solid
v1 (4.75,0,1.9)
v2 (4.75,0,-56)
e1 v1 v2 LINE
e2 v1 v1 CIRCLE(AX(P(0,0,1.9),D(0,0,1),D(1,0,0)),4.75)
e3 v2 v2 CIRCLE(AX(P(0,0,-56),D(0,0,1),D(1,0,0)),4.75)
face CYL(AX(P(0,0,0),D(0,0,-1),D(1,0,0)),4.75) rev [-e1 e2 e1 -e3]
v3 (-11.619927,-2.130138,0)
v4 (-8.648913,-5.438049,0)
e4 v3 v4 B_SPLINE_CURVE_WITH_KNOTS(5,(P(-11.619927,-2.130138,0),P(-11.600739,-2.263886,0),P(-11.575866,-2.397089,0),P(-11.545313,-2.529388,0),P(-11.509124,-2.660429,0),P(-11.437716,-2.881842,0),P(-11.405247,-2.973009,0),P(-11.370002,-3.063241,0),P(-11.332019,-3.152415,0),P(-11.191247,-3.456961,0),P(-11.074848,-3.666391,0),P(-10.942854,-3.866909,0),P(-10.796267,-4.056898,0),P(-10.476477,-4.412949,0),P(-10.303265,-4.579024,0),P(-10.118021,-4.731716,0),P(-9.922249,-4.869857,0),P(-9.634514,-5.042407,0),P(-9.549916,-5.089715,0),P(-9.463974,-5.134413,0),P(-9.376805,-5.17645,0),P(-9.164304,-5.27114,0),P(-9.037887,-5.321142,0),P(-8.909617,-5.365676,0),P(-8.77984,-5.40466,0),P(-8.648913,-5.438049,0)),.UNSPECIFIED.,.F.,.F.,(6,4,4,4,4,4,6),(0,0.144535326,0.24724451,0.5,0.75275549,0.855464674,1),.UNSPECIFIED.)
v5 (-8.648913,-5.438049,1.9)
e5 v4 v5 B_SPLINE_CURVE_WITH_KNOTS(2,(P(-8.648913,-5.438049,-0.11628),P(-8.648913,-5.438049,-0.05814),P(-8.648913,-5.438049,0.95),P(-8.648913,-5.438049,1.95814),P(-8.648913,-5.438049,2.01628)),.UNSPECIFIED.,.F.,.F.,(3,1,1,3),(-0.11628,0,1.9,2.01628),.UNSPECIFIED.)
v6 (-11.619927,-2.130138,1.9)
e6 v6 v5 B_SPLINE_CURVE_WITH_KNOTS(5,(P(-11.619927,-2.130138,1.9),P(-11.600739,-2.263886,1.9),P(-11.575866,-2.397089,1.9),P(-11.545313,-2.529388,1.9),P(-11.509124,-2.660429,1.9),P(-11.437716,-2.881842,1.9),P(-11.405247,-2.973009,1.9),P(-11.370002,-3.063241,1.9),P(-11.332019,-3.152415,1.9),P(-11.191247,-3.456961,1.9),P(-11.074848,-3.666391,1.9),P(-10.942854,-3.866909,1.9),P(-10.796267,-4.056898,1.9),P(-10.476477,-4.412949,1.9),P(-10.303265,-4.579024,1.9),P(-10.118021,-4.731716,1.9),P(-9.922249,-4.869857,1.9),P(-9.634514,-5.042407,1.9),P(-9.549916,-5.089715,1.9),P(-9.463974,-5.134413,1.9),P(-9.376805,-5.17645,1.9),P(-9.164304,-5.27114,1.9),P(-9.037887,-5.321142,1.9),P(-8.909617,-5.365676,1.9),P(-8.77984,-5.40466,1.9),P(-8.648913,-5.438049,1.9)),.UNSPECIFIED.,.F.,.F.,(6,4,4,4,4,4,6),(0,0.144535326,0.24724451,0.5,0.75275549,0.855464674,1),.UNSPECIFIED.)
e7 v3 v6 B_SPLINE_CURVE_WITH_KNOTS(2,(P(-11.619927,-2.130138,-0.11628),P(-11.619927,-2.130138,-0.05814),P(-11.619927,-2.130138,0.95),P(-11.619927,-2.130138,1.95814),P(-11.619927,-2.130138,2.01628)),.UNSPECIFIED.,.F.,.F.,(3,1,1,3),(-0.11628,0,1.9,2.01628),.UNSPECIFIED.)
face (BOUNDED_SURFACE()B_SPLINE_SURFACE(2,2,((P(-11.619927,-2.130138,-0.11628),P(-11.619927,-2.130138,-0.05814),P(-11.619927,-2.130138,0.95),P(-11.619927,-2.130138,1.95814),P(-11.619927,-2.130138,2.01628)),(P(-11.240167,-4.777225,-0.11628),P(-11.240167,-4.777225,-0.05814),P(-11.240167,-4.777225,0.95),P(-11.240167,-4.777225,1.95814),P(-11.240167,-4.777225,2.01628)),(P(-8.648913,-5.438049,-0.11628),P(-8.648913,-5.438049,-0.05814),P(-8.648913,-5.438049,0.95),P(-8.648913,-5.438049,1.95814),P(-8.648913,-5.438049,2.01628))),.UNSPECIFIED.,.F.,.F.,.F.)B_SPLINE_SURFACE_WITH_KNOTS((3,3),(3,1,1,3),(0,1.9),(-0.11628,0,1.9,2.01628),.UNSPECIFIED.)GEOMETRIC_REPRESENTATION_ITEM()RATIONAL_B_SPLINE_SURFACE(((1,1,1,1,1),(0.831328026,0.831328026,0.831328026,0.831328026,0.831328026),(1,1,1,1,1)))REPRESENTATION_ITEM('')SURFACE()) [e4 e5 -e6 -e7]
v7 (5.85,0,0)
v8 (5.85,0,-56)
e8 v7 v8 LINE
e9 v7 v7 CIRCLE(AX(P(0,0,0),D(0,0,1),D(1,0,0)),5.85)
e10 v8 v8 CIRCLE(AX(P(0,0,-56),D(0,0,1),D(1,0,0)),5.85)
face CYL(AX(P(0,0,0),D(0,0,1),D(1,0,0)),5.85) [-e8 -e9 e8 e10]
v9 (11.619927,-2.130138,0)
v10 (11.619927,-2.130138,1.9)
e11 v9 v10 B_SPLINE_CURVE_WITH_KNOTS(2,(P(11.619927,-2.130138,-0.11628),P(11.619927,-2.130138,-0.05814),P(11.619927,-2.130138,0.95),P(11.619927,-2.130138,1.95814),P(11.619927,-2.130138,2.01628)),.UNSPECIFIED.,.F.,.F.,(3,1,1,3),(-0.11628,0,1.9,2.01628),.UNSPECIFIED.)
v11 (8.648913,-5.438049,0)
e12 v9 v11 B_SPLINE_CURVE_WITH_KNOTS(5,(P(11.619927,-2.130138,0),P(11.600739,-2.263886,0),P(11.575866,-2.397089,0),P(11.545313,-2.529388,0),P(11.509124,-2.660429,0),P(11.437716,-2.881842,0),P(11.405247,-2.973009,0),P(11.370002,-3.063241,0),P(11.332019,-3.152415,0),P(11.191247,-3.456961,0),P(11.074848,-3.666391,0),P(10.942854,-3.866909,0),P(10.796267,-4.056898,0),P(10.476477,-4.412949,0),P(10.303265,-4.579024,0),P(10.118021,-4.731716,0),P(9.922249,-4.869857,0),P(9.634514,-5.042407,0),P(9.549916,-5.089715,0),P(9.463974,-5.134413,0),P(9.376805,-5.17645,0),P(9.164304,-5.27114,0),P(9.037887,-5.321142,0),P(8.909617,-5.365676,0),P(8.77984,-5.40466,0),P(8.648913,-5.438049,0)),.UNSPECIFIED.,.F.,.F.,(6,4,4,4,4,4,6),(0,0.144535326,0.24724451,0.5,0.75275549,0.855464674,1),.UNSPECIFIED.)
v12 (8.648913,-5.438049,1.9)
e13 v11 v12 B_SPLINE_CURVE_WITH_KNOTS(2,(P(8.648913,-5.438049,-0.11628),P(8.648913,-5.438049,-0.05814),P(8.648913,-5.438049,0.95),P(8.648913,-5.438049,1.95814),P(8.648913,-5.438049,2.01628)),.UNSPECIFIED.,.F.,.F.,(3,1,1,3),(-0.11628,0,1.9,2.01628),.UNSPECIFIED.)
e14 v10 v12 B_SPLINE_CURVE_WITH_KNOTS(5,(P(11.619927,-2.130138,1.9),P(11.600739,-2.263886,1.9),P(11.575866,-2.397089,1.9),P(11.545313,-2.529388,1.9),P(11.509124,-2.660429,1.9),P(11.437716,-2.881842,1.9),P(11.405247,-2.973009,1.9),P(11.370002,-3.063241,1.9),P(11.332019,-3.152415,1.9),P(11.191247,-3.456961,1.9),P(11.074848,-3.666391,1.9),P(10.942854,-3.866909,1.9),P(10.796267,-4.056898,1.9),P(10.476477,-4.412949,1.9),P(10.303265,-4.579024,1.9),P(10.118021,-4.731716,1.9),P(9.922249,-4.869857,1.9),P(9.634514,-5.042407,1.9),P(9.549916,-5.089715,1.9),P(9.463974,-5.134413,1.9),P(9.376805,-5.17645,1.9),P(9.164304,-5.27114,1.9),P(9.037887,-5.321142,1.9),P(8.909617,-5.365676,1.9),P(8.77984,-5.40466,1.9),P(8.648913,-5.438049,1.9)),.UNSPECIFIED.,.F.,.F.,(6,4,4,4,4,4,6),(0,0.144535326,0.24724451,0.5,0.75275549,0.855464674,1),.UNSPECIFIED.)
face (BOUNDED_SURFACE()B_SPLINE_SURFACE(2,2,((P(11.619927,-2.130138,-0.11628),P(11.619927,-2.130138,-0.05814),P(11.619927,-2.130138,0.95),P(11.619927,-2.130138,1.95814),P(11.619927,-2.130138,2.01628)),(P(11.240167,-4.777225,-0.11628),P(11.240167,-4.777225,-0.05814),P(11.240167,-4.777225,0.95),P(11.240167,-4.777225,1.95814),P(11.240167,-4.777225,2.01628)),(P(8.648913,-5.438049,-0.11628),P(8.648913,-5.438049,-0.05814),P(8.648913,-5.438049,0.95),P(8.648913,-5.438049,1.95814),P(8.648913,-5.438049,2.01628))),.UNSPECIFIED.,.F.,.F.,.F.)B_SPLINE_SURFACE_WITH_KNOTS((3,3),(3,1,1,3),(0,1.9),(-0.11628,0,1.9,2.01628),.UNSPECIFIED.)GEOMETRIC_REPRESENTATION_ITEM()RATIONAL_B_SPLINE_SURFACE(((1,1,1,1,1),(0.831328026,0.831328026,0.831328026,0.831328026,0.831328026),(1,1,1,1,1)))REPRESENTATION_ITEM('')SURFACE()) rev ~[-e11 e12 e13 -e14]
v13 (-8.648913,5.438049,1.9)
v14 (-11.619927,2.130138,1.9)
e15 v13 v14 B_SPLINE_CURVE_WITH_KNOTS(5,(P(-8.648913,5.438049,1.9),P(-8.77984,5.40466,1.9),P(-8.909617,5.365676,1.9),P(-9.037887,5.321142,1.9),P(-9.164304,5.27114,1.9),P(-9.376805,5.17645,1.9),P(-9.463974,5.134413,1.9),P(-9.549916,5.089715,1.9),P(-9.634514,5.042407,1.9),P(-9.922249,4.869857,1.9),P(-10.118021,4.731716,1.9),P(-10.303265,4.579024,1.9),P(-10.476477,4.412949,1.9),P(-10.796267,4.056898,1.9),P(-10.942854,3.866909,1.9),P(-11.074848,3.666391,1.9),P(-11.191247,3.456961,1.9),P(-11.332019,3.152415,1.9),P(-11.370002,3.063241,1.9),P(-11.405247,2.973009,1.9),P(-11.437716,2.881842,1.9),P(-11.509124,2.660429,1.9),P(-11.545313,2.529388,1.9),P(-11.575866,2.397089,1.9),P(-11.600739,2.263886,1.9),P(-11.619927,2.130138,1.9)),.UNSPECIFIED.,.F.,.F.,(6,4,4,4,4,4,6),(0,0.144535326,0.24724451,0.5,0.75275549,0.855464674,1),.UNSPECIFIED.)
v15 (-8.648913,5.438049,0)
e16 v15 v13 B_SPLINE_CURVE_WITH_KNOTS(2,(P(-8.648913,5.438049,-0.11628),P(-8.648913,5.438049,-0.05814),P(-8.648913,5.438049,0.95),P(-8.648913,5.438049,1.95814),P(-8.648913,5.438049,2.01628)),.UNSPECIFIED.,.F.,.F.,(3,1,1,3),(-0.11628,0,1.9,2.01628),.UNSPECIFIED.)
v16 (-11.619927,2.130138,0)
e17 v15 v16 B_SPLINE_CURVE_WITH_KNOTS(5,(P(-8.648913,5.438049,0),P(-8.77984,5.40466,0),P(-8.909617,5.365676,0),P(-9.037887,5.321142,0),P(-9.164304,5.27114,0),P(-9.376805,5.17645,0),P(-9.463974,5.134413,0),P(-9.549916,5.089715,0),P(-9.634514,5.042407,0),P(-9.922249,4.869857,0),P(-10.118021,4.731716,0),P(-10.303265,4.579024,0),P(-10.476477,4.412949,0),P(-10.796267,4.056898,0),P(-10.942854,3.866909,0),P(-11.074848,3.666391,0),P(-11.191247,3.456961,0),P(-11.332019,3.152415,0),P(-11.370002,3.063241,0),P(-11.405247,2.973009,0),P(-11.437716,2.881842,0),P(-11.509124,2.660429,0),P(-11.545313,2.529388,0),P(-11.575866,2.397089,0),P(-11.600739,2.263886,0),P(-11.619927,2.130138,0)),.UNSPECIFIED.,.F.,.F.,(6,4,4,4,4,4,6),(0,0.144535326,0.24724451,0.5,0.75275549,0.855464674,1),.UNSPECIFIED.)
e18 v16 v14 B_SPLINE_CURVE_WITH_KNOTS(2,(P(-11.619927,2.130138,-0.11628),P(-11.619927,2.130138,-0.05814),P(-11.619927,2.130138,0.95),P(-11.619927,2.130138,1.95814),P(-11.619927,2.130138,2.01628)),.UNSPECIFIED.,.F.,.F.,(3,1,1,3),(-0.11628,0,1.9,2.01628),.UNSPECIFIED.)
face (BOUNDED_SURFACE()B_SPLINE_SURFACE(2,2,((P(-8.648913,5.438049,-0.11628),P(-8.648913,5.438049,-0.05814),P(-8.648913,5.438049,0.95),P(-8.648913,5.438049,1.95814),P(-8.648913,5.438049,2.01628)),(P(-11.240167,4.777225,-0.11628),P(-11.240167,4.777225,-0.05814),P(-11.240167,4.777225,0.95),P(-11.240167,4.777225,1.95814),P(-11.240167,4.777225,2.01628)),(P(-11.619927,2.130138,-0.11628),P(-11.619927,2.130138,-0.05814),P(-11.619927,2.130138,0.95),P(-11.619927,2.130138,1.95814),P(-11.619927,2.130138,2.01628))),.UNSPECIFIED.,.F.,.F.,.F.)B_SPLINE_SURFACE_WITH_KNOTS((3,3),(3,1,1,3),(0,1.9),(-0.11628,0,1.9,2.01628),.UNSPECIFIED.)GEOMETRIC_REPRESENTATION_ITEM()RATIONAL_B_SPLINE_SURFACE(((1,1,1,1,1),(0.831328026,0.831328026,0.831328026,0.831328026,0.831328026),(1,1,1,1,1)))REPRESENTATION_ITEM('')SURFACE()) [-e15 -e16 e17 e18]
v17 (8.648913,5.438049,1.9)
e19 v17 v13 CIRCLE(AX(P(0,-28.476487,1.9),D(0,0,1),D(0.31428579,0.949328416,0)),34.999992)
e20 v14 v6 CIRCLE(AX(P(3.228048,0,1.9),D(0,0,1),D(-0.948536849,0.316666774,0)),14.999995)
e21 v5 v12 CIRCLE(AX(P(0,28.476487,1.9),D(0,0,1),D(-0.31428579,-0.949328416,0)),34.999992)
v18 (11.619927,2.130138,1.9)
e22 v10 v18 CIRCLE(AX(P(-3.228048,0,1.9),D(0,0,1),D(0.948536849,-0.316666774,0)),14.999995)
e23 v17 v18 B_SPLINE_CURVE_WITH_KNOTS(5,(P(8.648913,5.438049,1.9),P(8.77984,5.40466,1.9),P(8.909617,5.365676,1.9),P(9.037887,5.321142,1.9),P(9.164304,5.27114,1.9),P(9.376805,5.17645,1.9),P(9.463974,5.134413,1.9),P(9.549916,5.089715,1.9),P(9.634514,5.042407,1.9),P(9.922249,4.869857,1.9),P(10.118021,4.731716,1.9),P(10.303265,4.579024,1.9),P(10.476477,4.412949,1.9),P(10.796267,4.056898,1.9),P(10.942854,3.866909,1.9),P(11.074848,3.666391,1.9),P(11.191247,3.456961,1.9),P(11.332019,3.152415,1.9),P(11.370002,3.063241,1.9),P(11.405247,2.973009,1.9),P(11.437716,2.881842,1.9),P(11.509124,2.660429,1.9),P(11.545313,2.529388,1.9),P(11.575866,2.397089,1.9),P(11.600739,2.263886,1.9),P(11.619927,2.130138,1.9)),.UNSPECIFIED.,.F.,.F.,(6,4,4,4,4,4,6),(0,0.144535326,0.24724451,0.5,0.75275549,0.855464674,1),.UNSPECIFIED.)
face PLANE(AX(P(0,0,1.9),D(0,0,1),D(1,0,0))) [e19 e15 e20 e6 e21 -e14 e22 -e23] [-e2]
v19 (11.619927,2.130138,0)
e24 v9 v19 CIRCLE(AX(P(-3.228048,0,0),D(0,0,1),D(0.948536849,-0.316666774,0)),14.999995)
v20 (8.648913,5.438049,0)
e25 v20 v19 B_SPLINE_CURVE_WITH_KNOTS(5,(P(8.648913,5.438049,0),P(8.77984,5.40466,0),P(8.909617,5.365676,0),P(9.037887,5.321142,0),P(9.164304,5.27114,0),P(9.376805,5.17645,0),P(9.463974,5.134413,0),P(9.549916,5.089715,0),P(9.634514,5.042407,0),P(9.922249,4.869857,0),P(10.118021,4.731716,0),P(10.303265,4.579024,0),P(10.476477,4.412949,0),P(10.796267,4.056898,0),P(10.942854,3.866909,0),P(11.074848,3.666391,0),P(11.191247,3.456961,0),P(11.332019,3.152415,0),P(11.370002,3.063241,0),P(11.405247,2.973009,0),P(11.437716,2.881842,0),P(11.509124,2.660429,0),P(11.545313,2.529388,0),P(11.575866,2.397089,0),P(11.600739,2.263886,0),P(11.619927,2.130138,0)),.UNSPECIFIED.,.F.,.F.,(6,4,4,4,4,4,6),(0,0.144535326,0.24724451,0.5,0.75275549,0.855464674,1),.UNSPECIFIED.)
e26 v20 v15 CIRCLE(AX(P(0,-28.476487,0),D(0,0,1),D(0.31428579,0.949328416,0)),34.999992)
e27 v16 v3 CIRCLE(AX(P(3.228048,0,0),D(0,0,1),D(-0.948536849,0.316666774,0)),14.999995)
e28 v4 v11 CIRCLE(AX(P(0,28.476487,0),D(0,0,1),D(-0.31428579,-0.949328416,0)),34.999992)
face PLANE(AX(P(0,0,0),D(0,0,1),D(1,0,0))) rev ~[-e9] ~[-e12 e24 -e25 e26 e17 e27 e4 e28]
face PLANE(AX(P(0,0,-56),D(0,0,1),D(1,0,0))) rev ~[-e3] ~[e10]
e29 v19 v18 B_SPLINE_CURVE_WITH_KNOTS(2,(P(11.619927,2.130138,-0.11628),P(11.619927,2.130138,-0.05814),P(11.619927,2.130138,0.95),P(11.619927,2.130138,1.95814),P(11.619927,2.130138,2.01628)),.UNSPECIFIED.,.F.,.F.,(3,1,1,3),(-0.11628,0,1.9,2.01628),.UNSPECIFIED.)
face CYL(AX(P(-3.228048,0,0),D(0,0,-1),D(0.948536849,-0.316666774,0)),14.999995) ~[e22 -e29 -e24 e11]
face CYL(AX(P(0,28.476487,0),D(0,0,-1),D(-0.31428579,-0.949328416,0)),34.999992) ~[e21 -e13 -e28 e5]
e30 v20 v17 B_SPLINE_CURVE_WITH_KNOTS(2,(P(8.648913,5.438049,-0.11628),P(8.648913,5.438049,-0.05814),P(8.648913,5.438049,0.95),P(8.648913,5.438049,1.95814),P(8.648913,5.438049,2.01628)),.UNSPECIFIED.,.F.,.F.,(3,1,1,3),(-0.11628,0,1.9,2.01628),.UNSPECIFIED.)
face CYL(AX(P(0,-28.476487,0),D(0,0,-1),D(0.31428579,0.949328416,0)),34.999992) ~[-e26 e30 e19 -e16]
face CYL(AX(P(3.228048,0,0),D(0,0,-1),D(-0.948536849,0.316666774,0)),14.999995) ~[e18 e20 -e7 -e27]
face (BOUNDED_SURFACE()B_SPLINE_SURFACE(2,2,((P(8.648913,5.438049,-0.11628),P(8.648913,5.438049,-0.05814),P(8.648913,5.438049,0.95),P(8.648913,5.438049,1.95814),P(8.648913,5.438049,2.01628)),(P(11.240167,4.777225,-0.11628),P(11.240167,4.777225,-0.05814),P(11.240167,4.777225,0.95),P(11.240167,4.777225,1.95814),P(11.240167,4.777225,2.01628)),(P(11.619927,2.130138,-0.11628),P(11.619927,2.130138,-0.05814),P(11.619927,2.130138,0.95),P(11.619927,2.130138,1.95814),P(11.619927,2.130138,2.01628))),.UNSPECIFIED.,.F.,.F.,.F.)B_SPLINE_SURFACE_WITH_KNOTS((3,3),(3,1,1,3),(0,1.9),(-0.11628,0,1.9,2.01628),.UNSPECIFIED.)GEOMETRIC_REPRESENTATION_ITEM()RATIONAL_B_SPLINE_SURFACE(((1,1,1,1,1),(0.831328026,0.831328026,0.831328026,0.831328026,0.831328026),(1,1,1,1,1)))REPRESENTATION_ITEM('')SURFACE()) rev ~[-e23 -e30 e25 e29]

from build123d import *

# Parameters (mm, degrees)
SKETCH_R      = 4.75
PAD_DEPTH     = 1.9
SKETCH001_R   = 5.85
SKETCH001_R_2 = 4.75
PAD001_DEPTH  = 56
FILLET_R      = 4


with BuildPart() as part:
    # Sketch → Pad (new body)
    with BuildSketch(Plane.XY):
        with BuildLine():
            ThreePointArc((11, 4.75), (0, 6.523505), (-11, 4.75))
            ThreePointArc((-11, 4.75), (-11.771947, 0), (-11, -4.75))
            ThreePointArc((-11, -4.75), (0, -6.523505), (11, -4.75))
            ThreePointArc((11, -4.75), (11.771947, 0), (11, 4.75))
        make_face()
        Circle(SKETCH_R, mode=Mode.SUBTRACT)
    extrude(amount=PAD_DEPTH)

    # Sketch001 → Pad001 (join)
    with BuildSketch(Plane.XY):
        Circle(SKETCH001_R)
        Circle(SKETCH001_R_2, mode=Mode.SUBTRACT)
    extrude(amount=-PAD001_DEPTH)

    # Fillet
    fillet_edges = [part.edges().sort_by_distance(p)[0] for p in [
        (11, -4.75, 0.95),
        (-11, -4.75, 0.95),
        (-11, 4.75, 0.95),
        (11, 4.75, 0.95),
    ]]
    fillet(fillet_edges, radius=FILLET_R)


solid = part.part
